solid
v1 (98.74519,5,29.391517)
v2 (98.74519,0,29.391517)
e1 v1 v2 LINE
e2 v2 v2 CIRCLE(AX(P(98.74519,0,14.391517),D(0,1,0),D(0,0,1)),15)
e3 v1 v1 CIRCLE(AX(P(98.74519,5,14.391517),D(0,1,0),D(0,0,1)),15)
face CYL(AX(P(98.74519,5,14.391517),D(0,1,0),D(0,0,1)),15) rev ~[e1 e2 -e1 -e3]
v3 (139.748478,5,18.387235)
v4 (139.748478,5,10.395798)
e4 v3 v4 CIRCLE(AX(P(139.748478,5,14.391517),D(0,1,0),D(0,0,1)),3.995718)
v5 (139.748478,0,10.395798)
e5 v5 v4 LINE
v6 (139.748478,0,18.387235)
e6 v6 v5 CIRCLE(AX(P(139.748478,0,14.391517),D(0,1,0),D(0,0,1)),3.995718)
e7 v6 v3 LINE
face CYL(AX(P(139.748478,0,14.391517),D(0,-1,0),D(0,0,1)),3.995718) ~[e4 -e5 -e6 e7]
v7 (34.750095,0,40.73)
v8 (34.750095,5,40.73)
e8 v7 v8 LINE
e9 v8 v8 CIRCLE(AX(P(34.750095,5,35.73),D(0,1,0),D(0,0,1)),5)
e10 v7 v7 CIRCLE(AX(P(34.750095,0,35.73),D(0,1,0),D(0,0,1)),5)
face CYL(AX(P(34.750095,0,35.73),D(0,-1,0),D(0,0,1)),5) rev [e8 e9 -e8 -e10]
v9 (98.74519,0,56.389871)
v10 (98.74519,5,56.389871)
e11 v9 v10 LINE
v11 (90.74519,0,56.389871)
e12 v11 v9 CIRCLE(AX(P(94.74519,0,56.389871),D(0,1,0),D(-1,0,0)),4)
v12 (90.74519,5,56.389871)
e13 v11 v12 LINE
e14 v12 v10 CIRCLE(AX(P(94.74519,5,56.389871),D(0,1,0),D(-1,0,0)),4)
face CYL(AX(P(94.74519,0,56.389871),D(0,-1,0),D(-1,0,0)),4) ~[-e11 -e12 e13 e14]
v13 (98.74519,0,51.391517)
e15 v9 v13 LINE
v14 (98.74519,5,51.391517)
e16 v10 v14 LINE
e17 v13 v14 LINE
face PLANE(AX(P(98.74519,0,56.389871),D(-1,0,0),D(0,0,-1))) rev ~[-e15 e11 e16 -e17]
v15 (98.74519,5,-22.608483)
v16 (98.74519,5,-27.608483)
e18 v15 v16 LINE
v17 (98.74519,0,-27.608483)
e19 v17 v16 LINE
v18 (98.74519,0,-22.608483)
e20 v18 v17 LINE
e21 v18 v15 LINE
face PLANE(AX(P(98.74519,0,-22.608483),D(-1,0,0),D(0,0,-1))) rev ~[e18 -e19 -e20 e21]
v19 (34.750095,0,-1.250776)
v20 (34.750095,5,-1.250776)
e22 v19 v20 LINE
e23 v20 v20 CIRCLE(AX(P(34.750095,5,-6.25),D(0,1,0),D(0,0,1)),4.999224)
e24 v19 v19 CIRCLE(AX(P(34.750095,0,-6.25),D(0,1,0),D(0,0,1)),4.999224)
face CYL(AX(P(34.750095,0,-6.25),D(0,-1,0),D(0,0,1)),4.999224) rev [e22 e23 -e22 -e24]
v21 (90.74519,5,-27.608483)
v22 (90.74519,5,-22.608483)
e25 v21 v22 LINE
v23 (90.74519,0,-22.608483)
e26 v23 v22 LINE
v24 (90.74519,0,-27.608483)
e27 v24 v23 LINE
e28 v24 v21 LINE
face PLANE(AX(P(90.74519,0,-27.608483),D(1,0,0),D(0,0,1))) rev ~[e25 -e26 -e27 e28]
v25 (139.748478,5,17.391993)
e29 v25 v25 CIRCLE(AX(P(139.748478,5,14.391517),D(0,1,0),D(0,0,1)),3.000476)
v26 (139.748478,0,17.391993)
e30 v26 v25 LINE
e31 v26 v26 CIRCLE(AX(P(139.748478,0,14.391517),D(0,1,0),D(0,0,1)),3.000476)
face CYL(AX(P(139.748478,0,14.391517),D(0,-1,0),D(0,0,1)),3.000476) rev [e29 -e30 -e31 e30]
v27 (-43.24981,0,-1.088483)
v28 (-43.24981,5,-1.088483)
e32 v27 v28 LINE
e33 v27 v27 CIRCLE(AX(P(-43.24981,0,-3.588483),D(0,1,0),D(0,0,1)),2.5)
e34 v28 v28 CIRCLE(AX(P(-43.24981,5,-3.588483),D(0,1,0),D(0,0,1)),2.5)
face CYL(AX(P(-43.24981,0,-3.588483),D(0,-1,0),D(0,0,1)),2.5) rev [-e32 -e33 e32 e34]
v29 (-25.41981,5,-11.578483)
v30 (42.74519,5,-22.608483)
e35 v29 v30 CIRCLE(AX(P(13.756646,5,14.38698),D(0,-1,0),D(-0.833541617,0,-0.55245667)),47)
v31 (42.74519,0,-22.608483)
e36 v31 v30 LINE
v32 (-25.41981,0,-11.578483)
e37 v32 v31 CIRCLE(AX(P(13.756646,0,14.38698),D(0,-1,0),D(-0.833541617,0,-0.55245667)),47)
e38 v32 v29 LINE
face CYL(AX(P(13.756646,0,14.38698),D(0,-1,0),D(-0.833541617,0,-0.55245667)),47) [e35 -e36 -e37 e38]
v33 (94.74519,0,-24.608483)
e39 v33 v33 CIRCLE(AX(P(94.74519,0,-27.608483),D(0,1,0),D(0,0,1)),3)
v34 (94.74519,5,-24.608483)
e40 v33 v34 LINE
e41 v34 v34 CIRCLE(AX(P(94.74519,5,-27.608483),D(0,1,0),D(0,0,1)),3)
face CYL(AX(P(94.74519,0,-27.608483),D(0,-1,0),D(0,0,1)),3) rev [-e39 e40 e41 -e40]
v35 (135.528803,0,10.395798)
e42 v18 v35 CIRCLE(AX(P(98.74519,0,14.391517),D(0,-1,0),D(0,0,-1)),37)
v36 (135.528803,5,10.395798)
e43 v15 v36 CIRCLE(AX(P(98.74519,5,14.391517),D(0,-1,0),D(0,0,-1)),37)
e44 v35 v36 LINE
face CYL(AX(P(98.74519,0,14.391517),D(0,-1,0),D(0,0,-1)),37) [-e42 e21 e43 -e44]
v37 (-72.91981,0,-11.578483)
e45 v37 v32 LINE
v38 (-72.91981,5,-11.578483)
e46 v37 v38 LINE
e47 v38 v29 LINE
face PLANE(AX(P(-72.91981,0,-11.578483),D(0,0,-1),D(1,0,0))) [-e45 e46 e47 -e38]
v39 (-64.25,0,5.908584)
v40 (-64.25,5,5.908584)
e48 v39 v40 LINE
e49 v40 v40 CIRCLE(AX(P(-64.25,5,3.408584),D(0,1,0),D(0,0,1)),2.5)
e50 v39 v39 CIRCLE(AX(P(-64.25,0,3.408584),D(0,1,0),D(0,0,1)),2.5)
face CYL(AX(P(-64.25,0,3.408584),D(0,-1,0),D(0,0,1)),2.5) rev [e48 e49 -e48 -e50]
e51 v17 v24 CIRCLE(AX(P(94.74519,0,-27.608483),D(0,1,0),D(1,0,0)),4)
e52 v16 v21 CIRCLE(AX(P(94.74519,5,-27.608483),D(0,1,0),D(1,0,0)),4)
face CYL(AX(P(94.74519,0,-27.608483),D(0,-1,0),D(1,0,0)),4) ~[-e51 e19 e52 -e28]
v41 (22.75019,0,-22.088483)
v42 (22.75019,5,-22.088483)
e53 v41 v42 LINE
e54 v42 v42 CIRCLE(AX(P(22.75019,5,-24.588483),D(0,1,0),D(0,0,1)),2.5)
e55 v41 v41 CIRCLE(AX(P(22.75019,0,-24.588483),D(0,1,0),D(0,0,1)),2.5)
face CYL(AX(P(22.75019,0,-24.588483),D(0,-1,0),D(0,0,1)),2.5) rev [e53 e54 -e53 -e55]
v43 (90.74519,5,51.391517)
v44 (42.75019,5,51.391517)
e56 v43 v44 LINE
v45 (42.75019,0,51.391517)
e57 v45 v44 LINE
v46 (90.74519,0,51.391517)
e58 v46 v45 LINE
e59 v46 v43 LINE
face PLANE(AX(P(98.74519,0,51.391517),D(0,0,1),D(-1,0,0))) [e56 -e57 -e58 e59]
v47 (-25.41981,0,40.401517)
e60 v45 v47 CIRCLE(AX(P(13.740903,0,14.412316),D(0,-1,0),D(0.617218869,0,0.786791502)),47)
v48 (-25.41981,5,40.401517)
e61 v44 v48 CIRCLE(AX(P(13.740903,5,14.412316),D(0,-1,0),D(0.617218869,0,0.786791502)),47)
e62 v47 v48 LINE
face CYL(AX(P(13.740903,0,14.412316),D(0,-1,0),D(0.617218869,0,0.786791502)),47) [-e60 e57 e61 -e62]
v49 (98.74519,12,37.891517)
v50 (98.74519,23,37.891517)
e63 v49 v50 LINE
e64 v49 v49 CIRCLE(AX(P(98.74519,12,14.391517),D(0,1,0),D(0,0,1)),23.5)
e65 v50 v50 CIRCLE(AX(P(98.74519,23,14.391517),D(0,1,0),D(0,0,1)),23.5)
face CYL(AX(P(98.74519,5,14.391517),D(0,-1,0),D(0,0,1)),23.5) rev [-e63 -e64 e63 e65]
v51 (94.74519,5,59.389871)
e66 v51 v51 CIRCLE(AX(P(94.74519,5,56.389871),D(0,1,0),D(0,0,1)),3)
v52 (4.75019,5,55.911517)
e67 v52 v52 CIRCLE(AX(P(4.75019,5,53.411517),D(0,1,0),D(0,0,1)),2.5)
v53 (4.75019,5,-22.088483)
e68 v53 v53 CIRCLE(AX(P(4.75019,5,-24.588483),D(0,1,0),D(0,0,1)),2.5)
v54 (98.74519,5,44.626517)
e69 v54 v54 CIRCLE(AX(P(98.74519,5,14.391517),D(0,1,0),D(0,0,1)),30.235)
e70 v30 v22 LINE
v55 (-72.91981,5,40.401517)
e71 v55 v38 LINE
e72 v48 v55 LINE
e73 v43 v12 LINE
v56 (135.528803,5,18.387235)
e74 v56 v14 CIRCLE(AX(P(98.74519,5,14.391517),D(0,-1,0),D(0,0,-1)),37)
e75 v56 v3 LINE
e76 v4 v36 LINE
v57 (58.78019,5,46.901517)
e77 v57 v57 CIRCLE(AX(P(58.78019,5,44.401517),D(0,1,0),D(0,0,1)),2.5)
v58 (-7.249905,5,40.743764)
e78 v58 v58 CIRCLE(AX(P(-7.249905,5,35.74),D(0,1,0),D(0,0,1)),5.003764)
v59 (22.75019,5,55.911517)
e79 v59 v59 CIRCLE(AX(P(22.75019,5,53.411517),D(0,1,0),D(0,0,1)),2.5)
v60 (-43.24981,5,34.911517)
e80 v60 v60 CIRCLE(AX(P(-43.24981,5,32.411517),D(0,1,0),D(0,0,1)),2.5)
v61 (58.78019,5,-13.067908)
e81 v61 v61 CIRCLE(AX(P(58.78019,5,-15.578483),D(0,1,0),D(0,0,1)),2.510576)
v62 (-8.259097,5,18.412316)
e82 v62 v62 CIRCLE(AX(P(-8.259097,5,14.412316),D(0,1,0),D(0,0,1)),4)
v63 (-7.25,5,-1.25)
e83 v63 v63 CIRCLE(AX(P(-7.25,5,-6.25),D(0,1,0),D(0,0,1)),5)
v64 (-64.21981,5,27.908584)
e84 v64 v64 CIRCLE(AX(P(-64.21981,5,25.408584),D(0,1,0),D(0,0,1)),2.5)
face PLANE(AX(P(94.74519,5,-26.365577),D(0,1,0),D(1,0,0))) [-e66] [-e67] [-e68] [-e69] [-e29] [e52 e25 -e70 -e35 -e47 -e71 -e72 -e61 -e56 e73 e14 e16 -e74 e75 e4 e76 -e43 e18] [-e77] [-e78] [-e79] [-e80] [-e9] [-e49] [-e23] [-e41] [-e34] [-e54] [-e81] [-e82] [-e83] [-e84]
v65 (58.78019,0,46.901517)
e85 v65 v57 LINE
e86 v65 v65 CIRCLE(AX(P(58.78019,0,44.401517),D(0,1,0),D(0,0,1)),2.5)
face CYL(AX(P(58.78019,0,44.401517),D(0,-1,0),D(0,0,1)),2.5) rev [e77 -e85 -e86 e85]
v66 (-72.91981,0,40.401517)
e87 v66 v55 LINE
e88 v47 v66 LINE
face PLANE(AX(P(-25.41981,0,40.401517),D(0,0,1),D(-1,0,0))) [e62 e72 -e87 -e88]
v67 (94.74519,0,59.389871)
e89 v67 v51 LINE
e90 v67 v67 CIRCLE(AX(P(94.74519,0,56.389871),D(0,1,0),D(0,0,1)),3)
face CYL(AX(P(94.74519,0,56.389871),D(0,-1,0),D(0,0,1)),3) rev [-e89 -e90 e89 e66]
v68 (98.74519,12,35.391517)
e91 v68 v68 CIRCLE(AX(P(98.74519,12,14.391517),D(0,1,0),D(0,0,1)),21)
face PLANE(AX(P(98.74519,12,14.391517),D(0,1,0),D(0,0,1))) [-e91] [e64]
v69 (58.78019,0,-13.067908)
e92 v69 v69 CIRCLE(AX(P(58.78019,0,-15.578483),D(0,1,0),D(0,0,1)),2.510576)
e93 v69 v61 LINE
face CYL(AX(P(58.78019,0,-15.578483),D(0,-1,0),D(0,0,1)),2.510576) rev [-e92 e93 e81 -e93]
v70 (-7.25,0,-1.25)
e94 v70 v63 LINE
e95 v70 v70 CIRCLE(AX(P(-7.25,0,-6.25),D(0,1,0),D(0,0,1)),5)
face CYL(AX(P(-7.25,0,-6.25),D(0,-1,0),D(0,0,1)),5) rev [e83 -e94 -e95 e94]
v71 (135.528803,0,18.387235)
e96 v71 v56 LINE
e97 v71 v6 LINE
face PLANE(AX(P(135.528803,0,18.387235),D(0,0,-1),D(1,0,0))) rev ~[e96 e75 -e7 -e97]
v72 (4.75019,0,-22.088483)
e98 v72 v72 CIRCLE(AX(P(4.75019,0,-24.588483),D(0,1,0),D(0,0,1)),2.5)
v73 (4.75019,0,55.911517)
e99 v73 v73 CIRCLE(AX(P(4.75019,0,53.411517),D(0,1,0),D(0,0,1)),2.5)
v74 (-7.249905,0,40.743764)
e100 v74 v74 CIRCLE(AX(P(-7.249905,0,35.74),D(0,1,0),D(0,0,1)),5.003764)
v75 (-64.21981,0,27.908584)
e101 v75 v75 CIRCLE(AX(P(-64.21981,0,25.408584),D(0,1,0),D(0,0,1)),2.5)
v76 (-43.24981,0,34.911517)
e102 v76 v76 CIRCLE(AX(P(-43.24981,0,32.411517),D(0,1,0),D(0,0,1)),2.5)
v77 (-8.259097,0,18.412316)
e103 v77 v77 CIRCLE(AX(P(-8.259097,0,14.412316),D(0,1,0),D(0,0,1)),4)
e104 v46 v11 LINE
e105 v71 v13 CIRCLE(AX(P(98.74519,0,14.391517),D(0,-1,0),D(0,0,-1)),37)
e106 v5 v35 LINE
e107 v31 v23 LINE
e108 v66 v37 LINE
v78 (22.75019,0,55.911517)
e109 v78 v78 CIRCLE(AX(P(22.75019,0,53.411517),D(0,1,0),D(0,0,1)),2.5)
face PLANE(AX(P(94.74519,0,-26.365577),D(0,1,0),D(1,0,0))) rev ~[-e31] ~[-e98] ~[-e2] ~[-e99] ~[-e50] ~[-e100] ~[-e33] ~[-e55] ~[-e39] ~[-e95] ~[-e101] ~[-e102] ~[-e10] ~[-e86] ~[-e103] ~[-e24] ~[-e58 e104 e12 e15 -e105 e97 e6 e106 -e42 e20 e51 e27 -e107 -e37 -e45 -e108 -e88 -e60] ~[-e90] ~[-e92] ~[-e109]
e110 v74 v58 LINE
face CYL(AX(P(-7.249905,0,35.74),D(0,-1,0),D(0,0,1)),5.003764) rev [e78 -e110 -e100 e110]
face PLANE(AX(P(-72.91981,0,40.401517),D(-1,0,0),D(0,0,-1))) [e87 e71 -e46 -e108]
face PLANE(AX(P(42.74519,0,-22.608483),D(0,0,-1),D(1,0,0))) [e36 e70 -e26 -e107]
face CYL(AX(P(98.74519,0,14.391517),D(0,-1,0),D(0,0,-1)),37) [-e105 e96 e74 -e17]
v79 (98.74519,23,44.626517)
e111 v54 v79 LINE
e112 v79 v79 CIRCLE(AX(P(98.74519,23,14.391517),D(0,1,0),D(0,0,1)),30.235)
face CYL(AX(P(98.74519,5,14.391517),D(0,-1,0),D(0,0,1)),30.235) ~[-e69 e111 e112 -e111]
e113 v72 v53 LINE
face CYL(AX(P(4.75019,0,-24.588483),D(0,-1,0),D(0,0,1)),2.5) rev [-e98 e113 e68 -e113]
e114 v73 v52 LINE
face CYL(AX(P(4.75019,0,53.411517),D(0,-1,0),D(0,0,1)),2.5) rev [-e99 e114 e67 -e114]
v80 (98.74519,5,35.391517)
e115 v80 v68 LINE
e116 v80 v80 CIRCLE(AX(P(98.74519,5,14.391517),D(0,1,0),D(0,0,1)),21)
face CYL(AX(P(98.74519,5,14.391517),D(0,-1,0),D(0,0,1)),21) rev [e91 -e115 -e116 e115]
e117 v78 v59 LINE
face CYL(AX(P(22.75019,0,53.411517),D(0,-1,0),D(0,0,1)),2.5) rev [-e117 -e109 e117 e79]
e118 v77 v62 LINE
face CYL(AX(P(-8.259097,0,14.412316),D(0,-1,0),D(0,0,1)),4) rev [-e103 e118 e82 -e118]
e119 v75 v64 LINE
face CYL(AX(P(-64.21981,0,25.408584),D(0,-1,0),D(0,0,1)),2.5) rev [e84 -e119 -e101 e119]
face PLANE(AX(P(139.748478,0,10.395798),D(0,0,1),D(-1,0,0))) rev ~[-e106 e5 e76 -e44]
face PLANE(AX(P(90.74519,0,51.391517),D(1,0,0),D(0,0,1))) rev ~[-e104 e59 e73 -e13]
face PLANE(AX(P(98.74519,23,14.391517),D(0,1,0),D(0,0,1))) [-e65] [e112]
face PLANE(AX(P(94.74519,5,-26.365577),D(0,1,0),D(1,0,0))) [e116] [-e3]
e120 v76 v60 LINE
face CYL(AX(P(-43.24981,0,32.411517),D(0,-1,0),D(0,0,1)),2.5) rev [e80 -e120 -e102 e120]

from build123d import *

# Parameters (mm, degrees)
SKETCH1_R           = 5
SKETCH1_R_2         = 5.003763765
SKETCH1_R_3         = 4.999224106
SKETCH1_R_4         = 4
SKETCH1_R_5         = 2.510575716
SKETCH1_R_6         = 2.5
SKETCH1_R_7         = 3
SKETCH1_R_8         = 3.000476209
BOSS_EXTRUDE2_DEPTH = 5
SKETCH2_R           = 15
CUT_EXTRUDE1_DEPTH  = 7
SKETCH3_R           = 23.5
SKETCH3_R_2         = 21
BOSS_EXTRUDE4_DEPTH = 7
SKETCH4_R           = 30.235
SKETCH4_R_2         = 23.5
BOSS_EXTRUDE5_DEPTH = 18


with BuildPart() as part:
    # Sketch1 → Boss-Extrude2 (new body)
    # profile 1 of 4: a face of its own
    with BuildSketch(Plane(origin=(0, 0, 0), x_dir=(1, 0, 0), z_dir=(0, 1, 0))):
        with BuildLine():
            ThreePointArc((98.745189573, 22.608483412), (135.745189573, -14.391516588), (98.745189573, -51.391516588))
            Line((98.745189573, -51.391516588), (42.750189573, -51.391516588))
            ThreePointArc((42.750189573, -51.391516588), (6.260402135, -60.813200818), (-25.419810427, -40.401516588))
            Line((-25.419810427, -40.401516588), (-72.919810427, -40.401516588))
            Line((-72.919810427, -40.401516588), (-72.919810427, 11.578483412))
            Line((-72.919810427, 11.578483412), (-25.419810427, 11.578483412))
            ThreePointArc((-25.419810427, 11.578483412), (6.249075219, 32.009532595), (42.745189573, 22.608483412))
            Line((42.745189573, 22.608483412), (98.745189573, 22.608483412))
        make_face()
        with Locations(Location((34.750094787, -35.73, 0), (0, 0, 270))):
            Circle(SKETCH1_R, mode=Mode.SUBTRACT)
        with Locations(Location((-7.249905213, -35.74, 0), (0, 0, 270))):
            Circle(SKETCH1_R_2, mode=Mode.SUBTRACT)
        with Locations(Location((34.750094787, 6.25, 0), (0, 0, 270))):
            Circle(SKETCH1_R_3, mode=Mode.SUBTRACT)
        with Locations(Location((-7.25, 6.25, 0), (0, 0, 270))):
            Circle(SKETCH1_R, mode=Mode.SUBTRACT)
        with Locations(Location((-8.259097292, -14.412316007, 0), (0, 0, 270))):
            Circle(SKETCH1_R_4, mode=Mode.SUBTRACT)
        with Locations(Location((58.780189573, 15.578483412, 0), (0, 0, 270))):
            Circle(SKETCH1_R_5, mode=Mode.SUBTRACT)
        with Locations(Location((58.780189573, -44.401516588, 0), (0, 0, 270))):
            Circle(SKETCH1_R_6, mode=Mode.SUBTRACT)
        with Locations(Location((22.750189573, -53.411516588, 0), (0, 0, 270))):
            Circle(SKETCH1_R_6, mode=Mode.SUBTRACT)
        with Locations(Location((4.750189573, -53.411516588, 0), (0, 0, 270))):
            Circle(SKETCH1_R_6, mode=Mode.SUBTRACT)
        with Locations(Location((22.750189573, 24.588483412, 0), (0, 0, 270))):
            Circle(SKETCH1_R_6, mode=Mode.SUBTRACT)
        with Locations(Location((4.750189573, 24.588483412, 0), (0, 0, 270))):
            Circle(SKETCH1_R_6, mode=Mode.SUBTRACT)
        with Locations(Location((-43.249810427, 3.588483412, 0), (0, 0, 270))):
            Circle(SKETCH1_R_6, mode=Mode.SUBTRACT)
        with Locations(Location((-43.249810427, -32.411516588, 0), (0, 0, 270))):
            Circle(SKETCH1_R_6, mode=Mode.SUBTRACT)
        with Locations(Location((-64.219810427, -25.408584333, 0), (0, 0, 270))):
            Circle(SKETCH1_R_6, mode=Mode.SUBTRACT)
        with Locations(Location((-64.25, -3.408584333, 0), (0, 0, 270))):
            Circle(SKETCH1_R_6, mode=Mode.SUBTRACT)
    # profile 2 of 4: a face of its own
    with BuildSketch(Plane(origin=(0, 0, 0), x_dir=(1, 0, 0), z_dir=(0, 1, 0))):
        with BuildLine():
            Line((98.745189573, -51.391516588), (90.745189573, -51.391516588))
            Line((90.745189573, -51.391516588), (90.745189573, -56.389870622))
            ThreePointArc((90.745189573, -56.389870622), (94.745189573, -60.389870622), (98.745189573, -56.389870622))
            Line((98.745189573, -56.389870622), (98.745189573, -51.391516588))
        make_face()
        with Locations(Location((94.745189573, -56.389870622, 0), (0, 0, 270))):
            Circle(SKETCH1_R_7, mode=Mode.SUBTRACT)
    # profile 3 of 4: a face of its own
    with BuildSketch(Plane(origin=(0, 0, 0), x_dir=(1, 0, 0), z_dir=(0, 1, 0))):
        with BuildLine():
            ThreePointArc((135.528803249, -10.395798263), (135.745189573, -14.391516588), (135.528803249, -18.387234913))
            Line((135.528803249, -18.387234913), (139.748478132, -18.387234913))
            ThreePointArc((139.748478132, -18.387234913), (143.744196457, -14.391516588), (139.748478132, -10.395798263))
            Line((139.748478132, -10.395798263), (135.528803249, -10.395798263))
        make_face()
        with Locations(Location((139.748478132, -14.391516588, 0), (0, 0, 270))):
            Circle(SKETCH1_R_8, mode=Mode.SUBTRACT)
    # profile 4 of 4: a face of its own
    with BuildSketch(Plane(origin=(0, 0, 0), x_dir=(1, 0, 0), z_dir=(0, 1, 0))):
        with BuildLine():
            Line((90.745189573, 27.608483412), (90.745189573, 22.608483412))
            Line((90.745189573, 22.608483412), (98.745189573, 22.608483412))
            Line((98.745189573, 22.608483412), (98.745189573, 27.608483412))
            ThreePointArc((98.745189573, 27.608483412), (94.745189573, 31.608483412), (90.745189573, 27.608483412))
        make_face()
        with Locations(Location((94.745189573, 27.608483412, 0), (0, 0, 270))):
            Circle(SKETCH1_R_7, mode=Mode.SUBTRACT)
    extrude(amount=BOSS_EXTRUDE2_DEPTH)

    # Sketch2 → Cut-Extrude1 (cut)
    with BuildSketch(Plane(origin=(0, 5, 0), x_dir=(1, 0, 0), z_dir=(0, 1, 0))):
        with Locations(Location((98.745189573, -14.391516588, 0), (0, 0, 270))):
            Circle(SKETCH2_R)
    extrude(amount=-CUT_EXTRUDE1_DEPTH, mode=Mode.SUBTRACT)

    # Sketch3 → Boss-Extrude4 (add)
    with BuildSketch(Plane(origin=(0, 5, 0), x_dir=(1, 0, 0), z_dir=(0, 1, 0))):
        with Locations(Location((98.745189573, -14.391516588, 0), (0, 0, 270))):
            Circle(SKETCH3_R)
        with Locations(Location((98.745189573, -14.391516588, 0), (0, 0, 270))):
            Circle(SKETCH3_R_2, mode=Mode.SUBTRACT)
    extrude(amount=BOSS_EXTRUDE4_DEPTH)

    # Sketch4 → Boss-Extrude5 (add)
    with BuildSketch(Plane(origin=(0, 5, 0), x_dir=(1, 0, 0), z_dir=(0, 1, 0))):
        with Locations(Location((98.745189573, -14.391516588, 0), (0, 0, 270))):
            Circle(SKETCH4_R)
        with Locations(Location((98.745189573, -14.391516588, 0), (0, 0, 270))):
            Circle(SKETCH4_R_2, mode=Mode.SUBTRACT)
    extrude(amount=BOSS_EXTRUDE5_DEPTH)


solid = part.part
